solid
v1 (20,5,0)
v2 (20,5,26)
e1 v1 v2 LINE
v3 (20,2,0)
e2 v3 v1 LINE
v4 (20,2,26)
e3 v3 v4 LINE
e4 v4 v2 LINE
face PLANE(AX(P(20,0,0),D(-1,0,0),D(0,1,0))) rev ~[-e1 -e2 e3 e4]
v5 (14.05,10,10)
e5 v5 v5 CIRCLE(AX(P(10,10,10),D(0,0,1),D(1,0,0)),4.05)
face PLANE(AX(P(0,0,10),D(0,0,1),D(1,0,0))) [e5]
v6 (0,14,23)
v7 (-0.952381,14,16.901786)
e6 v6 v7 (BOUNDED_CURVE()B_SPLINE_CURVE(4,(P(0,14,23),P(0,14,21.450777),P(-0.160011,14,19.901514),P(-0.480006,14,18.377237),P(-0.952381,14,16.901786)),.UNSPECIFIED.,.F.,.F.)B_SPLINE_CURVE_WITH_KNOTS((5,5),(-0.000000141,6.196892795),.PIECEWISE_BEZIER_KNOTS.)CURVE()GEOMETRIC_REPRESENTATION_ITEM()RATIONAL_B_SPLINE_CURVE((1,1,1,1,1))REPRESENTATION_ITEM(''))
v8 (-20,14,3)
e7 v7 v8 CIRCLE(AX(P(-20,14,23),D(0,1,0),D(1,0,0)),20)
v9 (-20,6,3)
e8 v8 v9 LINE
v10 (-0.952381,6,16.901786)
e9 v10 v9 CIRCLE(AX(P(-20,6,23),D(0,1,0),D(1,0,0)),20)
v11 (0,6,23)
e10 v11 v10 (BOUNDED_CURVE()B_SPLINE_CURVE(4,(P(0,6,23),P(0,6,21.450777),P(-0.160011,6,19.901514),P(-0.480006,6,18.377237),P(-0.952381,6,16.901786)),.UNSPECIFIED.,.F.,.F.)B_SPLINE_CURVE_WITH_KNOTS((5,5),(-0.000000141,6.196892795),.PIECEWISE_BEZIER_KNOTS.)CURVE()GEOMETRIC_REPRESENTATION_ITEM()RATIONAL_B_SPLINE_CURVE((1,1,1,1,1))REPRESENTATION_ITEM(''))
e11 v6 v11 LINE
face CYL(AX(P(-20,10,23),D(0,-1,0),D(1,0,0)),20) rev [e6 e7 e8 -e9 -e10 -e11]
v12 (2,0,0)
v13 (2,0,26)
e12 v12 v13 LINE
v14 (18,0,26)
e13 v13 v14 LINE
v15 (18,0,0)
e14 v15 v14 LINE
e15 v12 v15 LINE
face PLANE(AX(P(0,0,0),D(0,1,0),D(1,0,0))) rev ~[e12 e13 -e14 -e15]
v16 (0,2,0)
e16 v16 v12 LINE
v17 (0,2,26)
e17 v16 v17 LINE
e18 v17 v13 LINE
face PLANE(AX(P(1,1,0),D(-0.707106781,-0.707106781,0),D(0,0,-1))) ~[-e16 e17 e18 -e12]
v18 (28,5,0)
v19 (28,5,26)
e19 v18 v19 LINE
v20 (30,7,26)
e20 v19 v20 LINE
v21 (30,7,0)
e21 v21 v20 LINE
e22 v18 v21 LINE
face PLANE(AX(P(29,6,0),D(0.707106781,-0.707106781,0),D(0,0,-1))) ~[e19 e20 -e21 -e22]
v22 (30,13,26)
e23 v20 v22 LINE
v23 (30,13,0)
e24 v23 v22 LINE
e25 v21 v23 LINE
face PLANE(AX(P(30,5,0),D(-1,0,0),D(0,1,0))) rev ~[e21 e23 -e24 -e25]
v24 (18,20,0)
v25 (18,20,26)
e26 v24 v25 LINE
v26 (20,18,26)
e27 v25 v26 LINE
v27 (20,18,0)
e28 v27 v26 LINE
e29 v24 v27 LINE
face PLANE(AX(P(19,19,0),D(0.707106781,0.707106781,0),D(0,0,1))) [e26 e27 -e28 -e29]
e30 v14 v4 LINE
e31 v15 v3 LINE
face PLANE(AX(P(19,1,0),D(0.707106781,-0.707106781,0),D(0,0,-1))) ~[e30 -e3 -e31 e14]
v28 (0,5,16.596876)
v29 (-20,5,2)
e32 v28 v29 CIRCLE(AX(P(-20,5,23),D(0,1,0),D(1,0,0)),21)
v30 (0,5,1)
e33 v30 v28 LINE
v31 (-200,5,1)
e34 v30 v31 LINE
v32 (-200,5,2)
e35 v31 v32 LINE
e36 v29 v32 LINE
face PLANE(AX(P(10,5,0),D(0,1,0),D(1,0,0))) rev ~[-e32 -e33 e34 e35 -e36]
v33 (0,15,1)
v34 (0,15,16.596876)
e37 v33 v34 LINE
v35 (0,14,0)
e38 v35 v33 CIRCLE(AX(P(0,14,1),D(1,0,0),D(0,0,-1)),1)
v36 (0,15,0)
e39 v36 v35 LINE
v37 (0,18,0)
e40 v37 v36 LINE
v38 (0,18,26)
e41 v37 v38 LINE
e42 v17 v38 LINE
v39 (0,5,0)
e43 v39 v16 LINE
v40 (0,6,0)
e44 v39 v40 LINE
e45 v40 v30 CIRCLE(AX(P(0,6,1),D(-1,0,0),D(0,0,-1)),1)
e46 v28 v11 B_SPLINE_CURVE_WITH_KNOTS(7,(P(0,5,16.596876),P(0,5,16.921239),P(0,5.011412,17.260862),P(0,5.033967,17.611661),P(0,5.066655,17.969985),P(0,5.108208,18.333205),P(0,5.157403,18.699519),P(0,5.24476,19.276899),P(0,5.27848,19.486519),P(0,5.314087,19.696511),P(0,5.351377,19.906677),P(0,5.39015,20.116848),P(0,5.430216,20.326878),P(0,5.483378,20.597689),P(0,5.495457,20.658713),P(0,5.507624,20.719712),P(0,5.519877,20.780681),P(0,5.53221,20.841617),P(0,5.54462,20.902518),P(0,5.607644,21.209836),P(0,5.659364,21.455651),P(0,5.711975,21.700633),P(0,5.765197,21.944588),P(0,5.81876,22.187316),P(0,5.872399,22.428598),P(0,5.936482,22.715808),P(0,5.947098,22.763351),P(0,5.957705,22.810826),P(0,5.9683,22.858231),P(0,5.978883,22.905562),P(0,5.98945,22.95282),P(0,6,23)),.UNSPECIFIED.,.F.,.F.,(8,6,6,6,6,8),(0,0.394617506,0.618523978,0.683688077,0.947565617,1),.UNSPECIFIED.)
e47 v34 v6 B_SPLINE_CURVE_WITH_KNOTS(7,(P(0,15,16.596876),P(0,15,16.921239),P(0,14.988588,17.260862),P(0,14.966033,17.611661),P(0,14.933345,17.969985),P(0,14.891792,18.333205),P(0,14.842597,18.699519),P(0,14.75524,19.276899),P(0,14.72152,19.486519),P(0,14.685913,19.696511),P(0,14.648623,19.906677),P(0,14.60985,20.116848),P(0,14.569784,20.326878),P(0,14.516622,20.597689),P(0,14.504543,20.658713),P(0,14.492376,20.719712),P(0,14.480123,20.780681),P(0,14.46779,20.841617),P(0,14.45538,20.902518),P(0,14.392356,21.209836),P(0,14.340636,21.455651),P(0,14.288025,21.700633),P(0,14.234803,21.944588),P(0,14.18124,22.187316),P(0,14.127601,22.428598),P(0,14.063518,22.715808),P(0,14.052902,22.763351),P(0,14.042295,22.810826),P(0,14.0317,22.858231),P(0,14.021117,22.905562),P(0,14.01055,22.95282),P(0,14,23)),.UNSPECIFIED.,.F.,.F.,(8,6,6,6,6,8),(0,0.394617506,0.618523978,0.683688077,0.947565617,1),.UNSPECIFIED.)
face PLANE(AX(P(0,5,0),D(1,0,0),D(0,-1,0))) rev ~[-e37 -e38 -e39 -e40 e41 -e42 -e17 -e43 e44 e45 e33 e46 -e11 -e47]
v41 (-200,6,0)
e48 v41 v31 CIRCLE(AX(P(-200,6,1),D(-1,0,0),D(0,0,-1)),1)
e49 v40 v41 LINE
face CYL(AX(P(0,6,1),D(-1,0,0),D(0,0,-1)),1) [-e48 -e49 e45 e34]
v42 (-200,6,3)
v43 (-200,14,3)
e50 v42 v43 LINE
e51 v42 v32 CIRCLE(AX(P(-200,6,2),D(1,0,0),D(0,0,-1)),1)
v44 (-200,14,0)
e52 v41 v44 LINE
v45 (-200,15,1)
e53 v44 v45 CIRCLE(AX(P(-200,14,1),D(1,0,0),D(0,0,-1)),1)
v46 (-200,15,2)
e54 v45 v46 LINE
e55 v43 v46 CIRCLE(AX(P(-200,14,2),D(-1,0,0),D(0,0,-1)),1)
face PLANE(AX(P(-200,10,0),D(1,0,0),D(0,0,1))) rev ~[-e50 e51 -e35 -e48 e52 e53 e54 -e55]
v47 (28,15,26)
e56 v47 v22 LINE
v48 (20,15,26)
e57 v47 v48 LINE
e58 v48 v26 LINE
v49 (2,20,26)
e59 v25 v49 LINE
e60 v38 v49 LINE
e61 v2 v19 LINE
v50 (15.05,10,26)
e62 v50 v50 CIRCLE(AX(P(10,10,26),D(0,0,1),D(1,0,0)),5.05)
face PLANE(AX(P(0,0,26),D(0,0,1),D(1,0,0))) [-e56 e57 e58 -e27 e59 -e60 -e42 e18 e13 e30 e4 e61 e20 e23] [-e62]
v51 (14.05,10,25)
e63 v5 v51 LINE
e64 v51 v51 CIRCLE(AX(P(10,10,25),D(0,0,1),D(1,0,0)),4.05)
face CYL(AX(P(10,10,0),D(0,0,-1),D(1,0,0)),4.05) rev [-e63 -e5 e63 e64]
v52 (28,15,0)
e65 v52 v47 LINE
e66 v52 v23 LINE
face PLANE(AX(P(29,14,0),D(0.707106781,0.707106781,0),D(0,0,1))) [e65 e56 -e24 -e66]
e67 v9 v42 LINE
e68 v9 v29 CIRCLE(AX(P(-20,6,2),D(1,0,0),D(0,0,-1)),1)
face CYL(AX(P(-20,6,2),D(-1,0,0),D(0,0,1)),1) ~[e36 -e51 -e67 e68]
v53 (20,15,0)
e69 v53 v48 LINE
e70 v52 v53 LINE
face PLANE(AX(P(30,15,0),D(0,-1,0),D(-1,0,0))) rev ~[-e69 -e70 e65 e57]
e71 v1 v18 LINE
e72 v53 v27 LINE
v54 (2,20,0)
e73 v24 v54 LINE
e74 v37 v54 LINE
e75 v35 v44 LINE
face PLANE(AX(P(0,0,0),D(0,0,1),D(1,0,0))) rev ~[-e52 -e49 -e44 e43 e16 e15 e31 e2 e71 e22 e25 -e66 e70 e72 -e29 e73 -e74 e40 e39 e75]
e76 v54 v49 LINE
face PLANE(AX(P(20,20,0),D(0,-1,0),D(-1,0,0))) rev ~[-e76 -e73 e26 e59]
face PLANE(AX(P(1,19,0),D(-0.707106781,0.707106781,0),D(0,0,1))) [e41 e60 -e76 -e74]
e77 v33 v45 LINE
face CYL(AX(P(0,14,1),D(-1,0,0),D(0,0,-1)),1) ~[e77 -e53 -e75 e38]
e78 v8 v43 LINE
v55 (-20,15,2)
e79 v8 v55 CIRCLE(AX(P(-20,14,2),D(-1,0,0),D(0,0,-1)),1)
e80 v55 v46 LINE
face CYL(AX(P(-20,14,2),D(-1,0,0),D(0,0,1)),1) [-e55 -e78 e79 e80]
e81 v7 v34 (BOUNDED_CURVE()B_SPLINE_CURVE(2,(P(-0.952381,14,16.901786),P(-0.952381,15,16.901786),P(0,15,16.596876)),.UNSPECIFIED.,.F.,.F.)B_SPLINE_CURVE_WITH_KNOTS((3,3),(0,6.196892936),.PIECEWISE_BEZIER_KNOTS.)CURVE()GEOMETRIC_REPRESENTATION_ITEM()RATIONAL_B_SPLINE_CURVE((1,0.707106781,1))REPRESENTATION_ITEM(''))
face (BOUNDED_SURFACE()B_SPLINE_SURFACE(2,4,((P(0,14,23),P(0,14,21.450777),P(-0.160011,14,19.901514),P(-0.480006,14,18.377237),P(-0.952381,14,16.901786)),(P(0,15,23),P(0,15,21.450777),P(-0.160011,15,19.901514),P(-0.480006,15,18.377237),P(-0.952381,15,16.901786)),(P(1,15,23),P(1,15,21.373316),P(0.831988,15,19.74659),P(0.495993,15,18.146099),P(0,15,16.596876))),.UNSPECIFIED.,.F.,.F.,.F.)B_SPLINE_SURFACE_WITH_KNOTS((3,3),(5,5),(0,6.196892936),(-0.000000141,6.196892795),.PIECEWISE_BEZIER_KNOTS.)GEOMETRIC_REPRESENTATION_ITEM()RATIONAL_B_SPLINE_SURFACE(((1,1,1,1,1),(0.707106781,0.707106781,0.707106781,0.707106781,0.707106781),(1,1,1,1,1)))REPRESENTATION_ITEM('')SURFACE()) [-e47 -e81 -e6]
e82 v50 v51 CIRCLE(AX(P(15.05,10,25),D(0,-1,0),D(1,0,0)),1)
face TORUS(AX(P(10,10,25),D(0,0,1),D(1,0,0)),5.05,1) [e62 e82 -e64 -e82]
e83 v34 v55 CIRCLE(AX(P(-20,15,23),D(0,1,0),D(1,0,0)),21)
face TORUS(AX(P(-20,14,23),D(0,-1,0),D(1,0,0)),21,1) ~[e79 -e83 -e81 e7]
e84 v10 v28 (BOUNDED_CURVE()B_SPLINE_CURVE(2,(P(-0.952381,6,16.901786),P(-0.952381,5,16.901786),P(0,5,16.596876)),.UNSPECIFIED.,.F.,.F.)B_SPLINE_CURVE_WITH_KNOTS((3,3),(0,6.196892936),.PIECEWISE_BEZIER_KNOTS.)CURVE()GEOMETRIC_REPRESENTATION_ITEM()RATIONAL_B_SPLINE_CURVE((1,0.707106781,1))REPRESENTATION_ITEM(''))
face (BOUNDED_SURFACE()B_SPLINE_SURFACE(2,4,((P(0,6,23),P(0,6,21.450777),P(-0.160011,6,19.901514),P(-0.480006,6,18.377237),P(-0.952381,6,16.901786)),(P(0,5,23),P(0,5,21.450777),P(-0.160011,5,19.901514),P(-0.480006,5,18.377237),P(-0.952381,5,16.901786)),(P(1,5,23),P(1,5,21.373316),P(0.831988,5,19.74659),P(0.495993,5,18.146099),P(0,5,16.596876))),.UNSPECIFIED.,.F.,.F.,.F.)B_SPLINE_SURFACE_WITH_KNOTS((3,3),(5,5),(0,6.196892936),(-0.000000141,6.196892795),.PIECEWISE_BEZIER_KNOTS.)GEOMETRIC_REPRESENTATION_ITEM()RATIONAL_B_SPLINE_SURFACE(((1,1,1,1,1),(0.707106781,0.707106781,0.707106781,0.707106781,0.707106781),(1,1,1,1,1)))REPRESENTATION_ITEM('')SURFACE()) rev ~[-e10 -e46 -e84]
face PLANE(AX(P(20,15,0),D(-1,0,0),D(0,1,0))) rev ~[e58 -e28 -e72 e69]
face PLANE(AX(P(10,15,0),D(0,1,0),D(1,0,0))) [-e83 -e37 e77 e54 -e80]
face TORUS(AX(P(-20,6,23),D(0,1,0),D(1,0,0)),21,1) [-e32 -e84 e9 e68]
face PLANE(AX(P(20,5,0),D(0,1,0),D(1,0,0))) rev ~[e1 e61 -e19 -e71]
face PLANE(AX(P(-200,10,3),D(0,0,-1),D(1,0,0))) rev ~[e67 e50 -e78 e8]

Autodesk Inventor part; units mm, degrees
ref_plane "YZ Plane" through (0, 0, 0) normal (1, 0, 0) x (0, 1, 0)
ref_plane "XZ Plane" through (0, 0, 0) normal (0, 1, 0) x (-1, 0, 0)
sketch "Sketch1" plane through (0, 0, 0) normal (0, 0, 1) x (1, 0, 0)
  line L0 (0, 0) -> (20, 0)
  line L1 (20, 0) -> (20, 20)
  line L2 (20, 20) -> (0, 20)
  line L3 (0, 20) -> (0, 0)
  line L4 (-10, 5) -> (30, 5)
  line L5 (30, 5) -> (30, 15)
  line L6 (30, 15) -> (-10, 15)
  line L7 (-10, 15) -> (-10, 5)
  line L8 (-10, 5) -> (30, 15) construction
  line L9 (30, 5) -> (-10, 15) construction
  circle A0 centre (10, 10) radius 4.05
  point P0 (20, 5)
  point P1 (20, 15)
  dimension "d0" = 20
  dimension "d1" = 20
  dimension "d2" = 40
  dimension "d3" = 10
  dimension "d4" = 10
  dimension "d5" = 10
  dimension "d6" = 8.1
extrude "Extrusion1" add sketch "Sketch1" along normal blind 26 contours L3 L4 L1 L0 | L3 L6 L1 L4 | L1 L6 L5 L4 | L3 L2 L1 L6
chamfer "Chamfer1" distance 2 angle 45 6 edges at (20, 20, 13) (30, 15, 13) (30, 5, 13) (20, 0, 13) (0, 20, 13) (0, 0, 13)
extrude "Extrusion2" add sketch "Sketch1" along normal blind 10 contours A0
fillet "Fillet2" radius 1 1 edges at (5.95, 10, 26)
ref_plane "Work Plane1" through (10, 10, 0) normal (0, 1, 0) x (1, 0, 0)
sketch "Sketch2" plane through (10, 10, 0) normal (0, 1, 0) x (1, 0, 0)
  line L0 (-10, 0) -> (-210, 0)
  line L1 (-210, 0) -> (-210, -3)
  line L2 (-210, -3) -> (-30, -3)
  line L3 (-10, 0) -> (-10, -26) projected
  line L4 (-10, -23) -> (-10, -26)
  arc A0 (-10, -23) -> (-30, -3) centre (-30, -23) ccw
  point P0 (-10, -3)
  dimension "d16" = 200
  dimension "d17" = 3
  dimension "d18" = 200
  dimension "d19" = 90
  dimension "d20" = 20
extrude "Extrusion3" add sketch "Sketch2" along normal mid plane 10
fillet "Fillet3" radius 1 6 edges at (-100, 5, 0) (-100, 15, 0) (-5.8579, 5, 8.8579) (-110, 5, 3) (-5.8579, 15, 8.8579) (-110, 15, 3)
properties part number "Turret_Holder_2_test"
